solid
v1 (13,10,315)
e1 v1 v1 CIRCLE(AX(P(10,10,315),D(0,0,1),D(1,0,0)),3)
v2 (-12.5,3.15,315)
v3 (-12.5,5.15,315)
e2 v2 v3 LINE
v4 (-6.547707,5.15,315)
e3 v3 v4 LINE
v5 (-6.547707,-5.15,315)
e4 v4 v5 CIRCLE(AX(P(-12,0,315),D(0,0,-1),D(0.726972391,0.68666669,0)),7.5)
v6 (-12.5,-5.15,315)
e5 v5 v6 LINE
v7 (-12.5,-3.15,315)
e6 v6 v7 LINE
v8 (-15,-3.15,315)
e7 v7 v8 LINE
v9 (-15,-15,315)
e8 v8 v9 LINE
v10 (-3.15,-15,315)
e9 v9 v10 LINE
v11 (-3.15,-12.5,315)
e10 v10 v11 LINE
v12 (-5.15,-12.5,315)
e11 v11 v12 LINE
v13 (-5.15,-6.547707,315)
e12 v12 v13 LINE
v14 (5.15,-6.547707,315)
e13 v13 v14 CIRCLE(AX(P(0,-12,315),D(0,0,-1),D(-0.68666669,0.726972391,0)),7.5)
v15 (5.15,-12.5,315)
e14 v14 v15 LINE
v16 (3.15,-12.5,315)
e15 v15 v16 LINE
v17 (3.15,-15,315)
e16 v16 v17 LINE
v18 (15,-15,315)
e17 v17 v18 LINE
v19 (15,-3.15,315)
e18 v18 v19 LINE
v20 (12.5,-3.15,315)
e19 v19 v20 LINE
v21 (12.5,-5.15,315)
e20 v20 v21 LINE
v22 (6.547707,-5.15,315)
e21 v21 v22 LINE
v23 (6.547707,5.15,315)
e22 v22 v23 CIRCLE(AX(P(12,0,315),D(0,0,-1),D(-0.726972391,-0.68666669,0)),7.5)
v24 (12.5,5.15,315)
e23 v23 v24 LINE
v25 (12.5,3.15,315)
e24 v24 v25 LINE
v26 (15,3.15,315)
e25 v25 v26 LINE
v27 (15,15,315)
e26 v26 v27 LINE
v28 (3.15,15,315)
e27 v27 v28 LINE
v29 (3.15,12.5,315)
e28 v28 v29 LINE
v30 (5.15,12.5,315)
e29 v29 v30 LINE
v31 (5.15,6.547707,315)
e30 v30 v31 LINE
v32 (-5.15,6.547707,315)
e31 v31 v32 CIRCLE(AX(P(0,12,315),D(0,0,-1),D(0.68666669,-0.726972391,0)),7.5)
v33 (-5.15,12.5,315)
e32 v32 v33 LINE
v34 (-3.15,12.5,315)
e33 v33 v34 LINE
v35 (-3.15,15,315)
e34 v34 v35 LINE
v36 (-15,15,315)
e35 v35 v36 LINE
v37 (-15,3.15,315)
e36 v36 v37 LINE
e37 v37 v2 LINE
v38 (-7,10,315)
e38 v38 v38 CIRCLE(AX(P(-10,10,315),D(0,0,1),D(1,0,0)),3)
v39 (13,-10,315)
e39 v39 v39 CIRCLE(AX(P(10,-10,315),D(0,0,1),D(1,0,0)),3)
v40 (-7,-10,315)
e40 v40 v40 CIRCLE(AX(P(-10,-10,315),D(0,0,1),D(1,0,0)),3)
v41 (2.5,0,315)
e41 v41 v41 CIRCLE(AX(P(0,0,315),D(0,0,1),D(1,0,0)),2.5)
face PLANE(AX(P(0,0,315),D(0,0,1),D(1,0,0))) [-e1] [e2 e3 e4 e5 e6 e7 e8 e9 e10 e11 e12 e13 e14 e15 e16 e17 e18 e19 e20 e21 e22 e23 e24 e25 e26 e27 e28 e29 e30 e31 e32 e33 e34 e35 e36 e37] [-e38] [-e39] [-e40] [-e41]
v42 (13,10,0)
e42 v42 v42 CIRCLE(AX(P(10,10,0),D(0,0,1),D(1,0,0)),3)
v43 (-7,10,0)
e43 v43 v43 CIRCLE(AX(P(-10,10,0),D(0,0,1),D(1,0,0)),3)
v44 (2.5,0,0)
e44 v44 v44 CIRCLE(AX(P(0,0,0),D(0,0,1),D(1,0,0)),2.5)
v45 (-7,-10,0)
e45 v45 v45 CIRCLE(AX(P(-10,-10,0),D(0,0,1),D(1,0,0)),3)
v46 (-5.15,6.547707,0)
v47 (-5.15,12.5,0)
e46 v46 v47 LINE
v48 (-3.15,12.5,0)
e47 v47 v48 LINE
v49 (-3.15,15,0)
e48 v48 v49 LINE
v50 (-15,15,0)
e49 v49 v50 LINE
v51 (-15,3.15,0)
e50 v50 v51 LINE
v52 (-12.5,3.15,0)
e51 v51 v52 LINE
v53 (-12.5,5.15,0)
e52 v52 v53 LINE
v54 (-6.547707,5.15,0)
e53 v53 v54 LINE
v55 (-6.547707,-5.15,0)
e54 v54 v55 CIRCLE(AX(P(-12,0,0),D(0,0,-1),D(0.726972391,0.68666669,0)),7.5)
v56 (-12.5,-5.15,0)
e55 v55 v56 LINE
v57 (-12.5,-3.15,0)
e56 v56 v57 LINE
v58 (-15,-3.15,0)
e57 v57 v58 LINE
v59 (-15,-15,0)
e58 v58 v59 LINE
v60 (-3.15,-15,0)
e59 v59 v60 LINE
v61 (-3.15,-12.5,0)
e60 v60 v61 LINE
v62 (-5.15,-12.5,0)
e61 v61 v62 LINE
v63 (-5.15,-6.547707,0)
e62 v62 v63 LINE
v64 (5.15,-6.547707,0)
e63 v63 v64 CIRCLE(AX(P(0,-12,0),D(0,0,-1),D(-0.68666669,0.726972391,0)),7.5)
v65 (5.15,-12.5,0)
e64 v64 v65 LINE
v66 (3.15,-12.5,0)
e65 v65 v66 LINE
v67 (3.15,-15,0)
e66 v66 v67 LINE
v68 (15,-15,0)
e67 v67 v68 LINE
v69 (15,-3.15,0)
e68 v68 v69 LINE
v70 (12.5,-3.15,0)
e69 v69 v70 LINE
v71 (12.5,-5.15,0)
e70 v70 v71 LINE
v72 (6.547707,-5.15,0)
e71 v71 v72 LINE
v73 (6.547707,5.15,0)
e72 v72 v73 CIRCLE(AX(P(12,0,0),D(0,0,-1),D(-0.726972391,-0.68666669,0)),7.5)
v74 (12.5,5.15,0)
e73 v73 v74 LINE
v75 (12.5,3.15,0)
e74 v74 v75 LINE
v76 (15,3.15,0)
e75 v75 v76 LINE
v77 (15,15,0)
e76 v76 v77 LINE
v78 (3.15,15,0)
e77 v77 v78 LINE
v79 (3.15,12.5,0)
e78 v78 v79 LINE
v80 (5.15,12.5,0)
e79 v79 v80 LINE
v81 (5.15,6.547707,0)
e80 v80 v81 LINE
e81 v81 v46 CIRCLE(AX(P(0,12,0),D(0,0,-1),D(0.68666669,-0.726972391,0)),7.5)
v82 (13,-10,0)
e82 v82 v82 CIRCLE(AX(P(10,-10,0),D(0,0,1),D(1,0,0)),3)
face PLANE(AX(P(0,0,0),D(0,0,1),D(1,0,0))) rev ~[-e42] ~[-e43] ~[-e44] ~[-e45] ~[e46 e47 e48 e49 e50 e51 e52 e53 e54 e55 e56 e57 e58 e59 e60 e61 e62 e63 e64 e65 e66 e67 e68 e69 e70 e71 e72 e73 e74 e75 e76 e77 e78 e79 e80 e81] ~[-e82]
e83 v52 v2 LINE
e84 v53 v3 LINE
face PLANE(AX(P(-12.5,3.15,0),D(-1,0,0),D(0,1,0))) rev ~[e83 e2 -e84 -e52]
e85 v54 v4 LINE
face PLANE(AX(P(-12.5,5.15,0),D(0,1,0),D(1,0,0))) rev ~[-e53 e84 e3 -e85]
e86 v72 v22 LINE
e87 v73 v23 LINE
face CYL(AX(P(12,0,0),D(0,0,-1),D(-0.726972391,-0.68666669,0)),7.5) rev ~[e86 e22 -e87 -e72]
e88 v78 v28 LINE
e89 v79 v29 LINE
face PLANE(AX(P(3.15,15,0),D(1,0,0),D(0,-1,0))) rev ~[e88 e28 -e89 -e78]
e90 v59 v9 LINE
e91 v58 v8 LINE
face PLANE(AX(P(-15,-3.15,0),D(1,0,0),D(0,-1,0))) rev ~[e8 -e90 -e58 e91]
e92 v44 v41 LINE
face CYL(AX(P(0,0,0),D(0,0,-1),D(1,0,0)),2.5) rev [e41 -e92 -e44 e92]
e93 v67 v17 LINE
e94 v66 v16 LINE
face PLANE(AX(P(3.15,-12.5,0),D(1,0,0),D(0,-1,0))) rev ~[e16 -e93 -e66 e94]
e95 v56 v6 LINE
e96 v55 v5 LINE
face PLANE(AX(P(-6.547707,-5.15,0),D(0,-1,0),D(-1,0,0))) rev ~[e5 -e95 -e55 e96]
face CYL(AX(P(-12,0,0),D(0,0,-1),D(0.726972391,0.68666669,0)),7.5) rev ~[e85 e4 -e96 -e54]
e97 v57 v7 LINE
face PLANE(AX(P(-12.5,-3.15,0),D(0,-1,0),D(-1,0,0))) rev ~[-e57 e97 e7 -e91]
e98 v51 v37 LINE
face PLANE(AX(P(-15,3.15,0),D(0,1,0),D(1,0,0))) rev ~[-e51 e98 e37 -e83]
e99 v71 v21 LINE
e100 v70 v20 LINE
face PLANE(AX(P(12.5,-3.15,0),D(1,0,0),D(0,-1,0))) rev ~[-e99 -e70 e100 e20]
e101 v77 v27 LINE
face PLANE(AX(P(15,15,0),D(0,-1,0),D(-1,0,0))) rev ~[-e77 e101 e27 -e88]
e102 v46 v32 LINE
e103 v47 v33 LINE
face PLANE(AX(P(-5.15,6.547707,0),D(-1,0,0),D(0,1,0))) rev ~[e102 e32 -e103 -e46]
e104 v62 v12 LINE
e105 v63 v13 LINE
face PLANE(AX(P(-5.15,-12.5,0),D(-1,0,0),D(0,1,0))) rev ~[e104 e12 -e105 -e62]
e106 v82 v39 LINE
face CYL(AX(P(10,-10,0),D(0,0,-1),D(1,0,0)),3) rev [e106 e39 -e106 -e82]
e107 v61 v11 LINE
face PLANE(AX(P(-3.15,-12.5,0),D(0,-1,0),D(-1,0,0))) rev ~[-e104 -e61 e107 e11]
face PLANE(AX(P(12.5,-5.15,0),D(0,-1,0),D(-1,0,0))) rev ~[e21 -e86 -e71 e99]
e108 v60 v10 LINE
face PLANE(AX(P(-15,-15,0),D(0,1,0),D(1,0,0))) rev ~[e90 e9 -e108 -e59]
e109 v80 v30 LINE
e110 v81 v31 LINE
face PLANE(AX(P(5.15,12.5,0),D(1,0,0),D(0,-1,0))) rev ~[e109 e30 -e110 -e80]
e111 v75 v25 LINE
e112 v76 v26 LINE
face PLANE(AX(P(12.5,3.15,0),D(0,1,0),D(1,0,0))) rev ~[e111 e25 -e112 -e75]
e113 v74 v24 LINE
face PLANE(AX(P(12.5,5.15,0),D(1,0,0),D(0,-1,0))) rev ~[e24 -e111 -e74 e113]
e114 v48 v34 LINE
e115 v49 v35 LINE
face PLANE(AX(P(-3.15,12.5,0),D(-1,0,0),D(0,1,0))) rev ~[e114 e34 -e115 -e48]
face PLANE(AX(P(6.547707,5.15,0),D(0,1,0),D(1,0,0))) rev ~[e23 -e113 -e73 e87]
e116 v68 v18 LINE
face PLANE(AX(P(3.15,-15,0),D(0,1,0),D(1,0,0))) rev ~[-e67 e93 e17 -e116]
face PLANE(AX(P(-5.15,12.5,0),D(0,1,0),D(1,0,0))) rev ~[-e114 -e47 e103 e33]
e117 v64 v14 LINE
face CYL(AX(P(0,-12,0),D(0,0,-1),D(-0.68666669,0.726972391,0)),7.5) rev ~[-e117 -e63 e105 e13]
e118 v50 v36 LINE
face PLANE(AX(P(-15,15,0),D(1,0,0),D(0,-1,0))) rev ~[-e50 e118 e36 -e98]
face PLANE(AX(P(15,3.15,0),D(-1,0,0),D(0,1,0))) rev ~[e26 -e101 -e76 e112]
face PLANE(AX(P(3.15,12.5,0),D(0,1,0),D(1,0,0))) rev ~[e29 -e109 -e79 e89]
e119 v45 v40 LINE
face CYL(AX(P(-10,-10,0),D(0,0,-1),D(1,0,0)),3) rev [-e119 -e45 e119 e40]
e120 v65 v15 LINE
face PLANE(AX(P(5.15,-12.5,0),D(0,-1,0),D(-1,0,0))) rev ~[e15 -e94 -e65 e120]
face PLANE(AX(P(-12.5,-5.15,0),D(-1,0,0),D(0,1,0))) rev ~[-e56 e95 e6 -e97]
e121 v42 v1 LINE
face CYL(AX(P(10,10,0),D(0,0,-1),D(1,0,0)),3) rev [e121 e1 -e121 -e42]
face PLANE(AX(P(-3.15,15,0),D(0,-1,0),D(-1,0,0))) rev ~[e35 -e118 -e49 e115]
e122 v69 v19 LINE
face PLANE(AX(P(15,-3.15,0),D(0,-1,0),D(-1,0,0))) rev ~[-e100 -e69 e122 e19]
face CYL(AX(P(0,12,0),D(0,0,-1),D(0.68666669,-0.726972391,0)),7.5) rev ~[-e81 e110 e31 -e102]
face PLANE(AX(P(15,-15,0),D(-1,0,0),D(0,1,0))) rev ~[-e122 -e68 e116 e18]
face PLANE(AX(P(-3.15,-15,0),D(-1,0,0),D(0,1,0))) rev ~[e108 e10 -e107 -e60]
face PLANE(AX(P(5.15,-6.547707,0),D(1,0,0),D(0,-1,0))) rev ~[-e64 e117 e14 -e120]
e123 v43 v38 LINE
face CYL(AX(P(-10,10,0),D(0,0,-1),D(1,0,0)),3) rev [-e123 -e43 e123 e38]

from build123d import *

# Parameters (mm, degrees)
F0_R     = 3
F0_R_2   = 2.5
F1_DEPTH = 315


with BuildPart() as f1:
    # F0 (on Top) → F1 (new body)
    with BuildSketch(Plane.XY):
        with BuildLine():
            Line((-15, 15), (-15, 3.15))
            Line((-15, 3.15), (-12.5, 3.15))
            Line((-12.5, 3.15), (-12.5, 5.15))
            Line((-12.5, 5.15), (-6.547707, 5.15))
            ThreePointArc((-6.547707, 5.15), (-4.5, 0), (-6.547707, -5.15))
            Line((-6.547707, -5.15), (-12.5, -5.15))
            Line((-12.5, -5.15), (-12.5, -3.15))
            Line((-12.5, -3.15), (-15, -3.15))
            Line((-15, -3.15), (-15, -15))
            Line((-15, -15), (-3.15, -15))
            Line((-3.15, -15), (-3.15, -12.5))
            Line((-3.15, -12.5), (-5.15, -12.5))
            Line((-5.15, -12.5), (-5.15, -6.547707))
            ThreePointArc((-5.15, -6.547707), (0, -4.5), (5.15, -6.547707))
            Line((5.15, -6.547707), (5.15, -12.5))
            Line((5.15, -12.5), (3.15, -12.5))
            Line((3.15, -12.5), (3.15, -15))
            Line((3.15, -15), (15, -15))
            Line((15, -15), (15, -3.15))
            Line((15, -3.15), (12.5, -3.15))
            Line((12.5, -3.15), (12.5, -5.15))
            Line((12.5, -5.15), (6.547707, -5.15))
            ThreePointArc((6.547707, -5.15), (4.5, 0), (6.547707, 5.15))
            Line((6.547707, 5.15), (12.5, 5.15))
            Line((12.5, 5.15), (12.5, 3.15))
            Line((12.5, 3.15), (15, 3.15))
            Line((15, 3.15), (15, 15))
            Line((15, 15), (3.15, 15))
            Line((3.15, 15), (3.15, 12.5))
            Line((3.15, 12.5), (5.15, 12.5))
            Line((5.15, 12.5), (5.15, 6.547707))
            ThreePointArc((5.15, 6.547707), (0, 4.5), (-5.15, 6.547707))
            Line((-5.15, 6.547707), (-5.15, 12.5))
            Line((-5.15, 12.5), (-3.15, 12.5))
            Line((-3.15, 12.5), (-3.15, 15))
            Line((-3.15, 15), (-15, 15))
        make_face()
        with Locations((-10, -10)):
            Circle(F0_R, mode=Mode.SUBTRACT)
        with Locations((10, -10)):
            Circle(F0_R, mode=Mode.SUBTRACT)
        with Locations((-10, 10)):
            Circle(F0_R, mode=Mode.SUBTRACT)
        Circle(F0_R_2, mode=Mode.SUBTRACT)
        with Locations((10, 10)):
            Circle(F0_R, mode=Mode.SUBTRACT)
    extrude(amount=F1_DEPTH)


solid = f1.part
